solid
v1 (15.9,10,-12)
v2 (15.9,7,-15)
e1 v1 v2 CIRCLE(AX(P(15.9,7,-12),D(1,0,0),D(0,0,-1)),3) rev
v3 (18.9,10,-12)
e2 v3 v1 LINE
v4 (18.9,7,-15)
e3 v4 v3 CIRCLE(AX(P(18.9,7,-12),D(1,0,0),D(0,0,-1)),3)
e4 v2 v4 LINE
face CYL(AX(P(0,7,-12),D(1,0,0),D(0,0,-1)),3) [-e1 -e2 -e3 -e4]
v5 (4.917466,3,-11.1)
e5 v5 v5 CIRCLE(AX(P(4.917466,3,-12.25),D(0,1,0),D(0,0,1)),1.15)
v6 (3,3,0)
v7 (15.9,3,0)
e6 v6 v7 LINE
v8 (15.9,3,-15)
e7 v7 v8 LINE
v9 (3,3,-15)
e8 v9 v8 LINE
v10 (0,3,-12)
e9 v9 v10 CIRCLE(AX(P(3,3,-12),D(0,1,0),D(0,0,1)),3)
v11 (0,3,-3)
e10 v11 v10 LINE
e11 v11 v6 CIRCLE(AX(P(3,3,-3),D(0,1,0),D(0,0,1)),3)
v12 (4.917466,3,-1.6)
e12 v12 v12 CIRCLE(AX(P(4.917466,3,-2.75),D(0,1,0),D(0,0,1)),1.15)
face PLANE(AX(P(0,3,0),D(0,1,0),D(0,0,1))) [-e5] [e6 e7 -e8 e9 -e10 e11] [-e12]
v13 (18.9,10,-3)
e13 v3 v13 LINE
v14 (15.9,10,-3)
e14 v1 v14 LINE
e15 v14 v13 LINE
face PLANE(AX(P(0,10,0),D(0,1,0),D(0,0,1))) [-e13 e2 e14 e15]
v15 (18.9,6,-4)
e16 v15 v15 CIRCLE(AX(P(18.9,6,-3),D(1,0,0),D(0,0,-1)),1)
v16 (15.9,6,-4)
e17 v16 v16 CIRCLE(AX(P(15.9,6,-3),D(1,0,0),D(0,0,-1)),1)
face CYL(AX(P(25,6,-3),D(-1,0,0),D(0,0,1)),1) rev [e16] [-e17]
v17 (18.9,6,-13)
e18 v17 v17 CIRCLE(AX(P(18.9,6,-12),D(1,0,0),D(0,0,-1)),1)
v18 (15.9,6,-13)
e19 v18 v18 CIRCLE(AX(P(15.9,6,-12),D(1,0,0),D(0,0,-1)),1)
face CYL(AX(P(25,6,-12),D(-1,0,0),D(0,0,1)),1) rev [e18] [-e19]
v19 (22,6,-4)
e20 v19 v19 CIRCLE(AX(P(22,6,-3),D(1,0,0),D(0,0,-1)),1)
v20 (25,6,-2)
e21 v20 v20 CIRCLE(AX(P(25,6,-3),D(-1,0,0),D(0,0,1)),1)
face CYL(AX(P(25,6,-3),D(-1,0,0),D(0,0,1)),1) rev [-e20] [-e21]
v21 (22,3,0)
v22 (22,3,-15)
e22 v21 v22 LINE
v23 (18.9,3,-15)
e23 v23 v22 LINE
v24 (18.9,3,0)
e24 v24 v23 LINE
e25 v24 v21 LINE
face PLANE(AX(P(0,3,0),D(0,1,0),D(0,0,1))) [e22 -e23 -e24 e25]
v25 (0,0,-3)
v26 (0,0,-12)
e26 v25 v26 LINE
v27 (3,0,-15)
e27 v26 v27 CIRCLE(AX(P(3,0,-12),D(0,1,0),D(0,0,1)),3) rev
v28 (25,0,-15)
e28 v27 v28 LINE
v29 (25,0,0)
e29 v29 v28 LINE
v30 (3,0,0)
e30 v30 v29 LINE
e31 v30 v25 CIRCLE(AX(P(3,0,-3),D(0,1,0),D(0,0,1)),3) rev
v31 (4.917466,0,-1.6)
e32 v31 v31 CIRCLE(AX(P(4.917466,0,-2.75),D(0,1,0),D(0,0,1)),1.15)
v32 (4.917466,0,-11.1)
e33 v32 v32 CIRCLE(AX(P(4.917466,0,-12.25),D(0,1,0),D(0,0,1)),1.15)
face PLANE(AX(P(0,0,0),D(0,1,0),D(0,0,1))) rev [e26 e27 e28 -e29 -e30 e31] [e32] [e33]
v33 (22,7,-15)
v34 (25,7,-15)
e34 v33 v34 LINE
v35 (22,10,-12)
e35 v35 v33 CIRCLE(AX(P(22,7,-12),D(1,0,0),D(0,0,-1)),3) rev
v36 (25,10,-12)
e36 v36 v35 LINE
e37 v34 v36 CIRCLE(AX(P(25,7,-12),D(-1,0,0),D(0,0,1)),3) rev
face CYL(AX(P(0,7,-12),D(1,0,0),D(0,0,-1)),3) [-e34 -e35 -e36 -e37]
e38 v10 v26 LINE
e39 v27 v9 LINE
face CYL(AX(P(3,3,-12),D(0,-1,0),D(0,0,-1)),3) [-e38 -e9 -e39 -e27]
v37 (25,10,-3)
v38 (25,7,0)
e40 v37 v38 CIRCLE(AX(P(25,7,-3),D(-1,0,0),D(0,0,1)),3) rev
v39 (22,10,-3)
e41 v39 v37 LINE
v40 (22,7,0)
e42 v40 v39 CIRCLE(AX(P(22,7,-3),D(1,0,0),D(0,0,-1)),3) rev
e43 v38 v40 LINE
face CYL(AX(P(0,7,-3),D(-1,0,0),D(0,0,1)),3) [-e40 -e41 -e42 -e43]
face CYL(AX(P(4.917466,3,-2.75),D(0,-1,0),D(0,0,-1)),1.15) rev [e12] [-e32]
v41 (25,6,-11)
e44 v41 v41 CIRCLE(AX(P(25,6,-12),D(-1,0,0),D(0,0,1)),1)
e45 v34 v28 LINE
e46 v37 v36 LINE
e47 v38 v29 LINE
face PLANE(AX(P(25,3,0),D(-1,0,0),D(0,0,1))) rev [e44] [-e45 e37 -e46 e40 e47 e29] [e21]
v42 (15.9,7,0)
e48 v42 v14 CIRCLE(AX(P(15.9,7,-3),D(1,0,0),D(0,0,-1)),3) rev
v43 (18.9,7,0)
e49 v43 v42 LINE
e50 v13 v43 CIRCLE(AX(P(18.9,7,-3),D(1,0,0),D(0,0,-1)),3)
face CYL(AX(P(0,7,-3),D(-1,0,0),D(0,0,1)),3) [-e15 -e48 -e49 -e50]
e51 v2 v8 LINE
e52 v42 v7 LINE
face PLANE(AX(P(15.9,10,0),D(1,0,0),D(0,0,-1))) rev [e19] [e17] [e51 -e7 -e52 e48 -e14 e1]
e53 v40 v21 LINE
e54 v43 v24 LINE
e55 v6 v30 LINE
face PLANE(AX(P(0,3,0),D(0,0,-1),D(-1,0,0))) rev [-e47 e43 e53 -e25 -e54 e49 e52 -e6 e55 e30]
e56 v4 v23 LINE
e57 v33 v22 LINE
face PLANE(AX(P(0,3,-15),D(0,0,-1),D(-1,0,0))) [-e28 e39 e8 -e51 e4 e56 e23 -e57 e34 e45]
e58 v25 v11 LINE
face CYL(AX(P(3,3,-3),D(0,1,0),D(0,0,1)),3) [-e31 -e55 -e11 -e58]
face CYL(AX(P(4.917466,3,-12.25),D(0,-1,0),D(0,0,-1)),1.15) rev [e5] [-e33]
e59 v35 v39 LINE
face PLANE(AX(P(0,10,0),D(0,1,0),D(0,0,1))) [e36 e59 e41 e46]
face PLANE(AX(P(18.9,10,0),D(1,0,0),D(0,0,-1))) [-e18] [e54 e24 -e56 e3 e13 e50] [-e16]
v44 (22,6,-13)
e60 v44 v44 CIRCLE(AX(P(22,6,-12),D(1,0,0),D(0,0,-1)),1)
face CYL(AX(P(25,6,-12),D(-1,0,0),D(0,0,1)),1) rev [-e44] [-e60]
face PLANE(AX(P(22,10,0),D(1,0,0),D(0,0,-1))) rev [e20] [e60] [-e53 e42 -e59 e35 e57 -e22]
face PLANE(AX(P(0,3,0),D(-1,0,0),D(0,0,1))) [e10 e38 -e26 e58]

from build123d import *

# Parameters (mm, degrees)
SKETCH1_W               = 25
SKETCH1_H               = 15
SKETCH1_R               = 1.15
BOSS_EXTRUDE1_DEPTH     = 3
FILLET1_R               = 3
SKETCH1_3_W             = 3
SKETCH1_3_H             = 15
BOSS_EXTRUDE2_DEPTH     = 10
CUT_EXTRUDE1_DEPTH      = 25.037678756
CUT_EXTRUDE1_DEPTH_BACK = 25.037678756
SKETCH2_R               = 1
FILLET2_R               = 3


with BuildPart() as part:
    # Sketch1 → Boss-Extrude1 (new body)
    with BuildSketch(Plane(origin=(0, 0, 0), x_dir=(1, 0, 0), z_dir=(0, 1, 0))):
        with Locations((12.5, 7.5)):
            Rectangle(SKETCH1_W, SKETCH1_H)
        with Locations((4.917465758, 2.75)):
            Circle(SKETCH1_R, mode=Mode.SUBTRACT)
        with Locations((4.917465758, 12.25)):
            Circle(SKETCH1_R, mode=Mode.SUBTRACT)
    extrude(amount=BOSS_EXTRUDE1_DEPTH)

    # Fillet1
    fillet1_edges = [part.edges().sort_by_distance(p)[0] for p in [
        (0, 1.5, -15),
        (25, 1.5, -15),
        (25, 1.5, 0),
        (0, 1.5, 0),
    ]]
    fillet(fillet1_edges, radius=FILLET1_R)

    # Sketch1<3> → Boss-Extrude2 (add)
    with BuildSketch(Plane(origin=(0, 0, 0), x_dir=(1, 0, 0), z_dir=(0, 1, 0))):
        with Locations((17.4, 7.5)):
            Rectangle(SKETCH1_3_W, SKETCH1_3_H)
        with Locations((23.5, 7.5)):
            Rectangle(SKETCH1_3_W, SKETCH1_3_H)
    extrude(amount=BOSS_EXTRUDE2_DEPTH)

    # Sketch2 → Cut-Extrude1 (cut, two sides: drawn at the far end of the back side and taken through both)
    with BuildSketch(Plane.ZY.offset(-15.9).offset(-CUT_EXTRUDE1_DEPTH_BACK)):
        with Locations((-12, 6)):
            Circle(SKETCH2_R)
        with Locations((-3, 6)):
            Circle(SKETCH2_R)
    extrude(amount=CUT_EXTRUDE1_DEPTH + CUT_EXTRUDE1_DEPTH_BACK, mode=Mode.SUBTRACT)

    # Fillet2
    fillet2_edges = [part.edges().sort_by_distance(p)[0] for p in [
        (23.5, 10, 0),
        (17.4, 10, 0),
        (23.5, 10, -15),
        (17.4, 10, -15),
    ]]
    fillet(fillet2_edges, radius=FILLET2_R)


solid = part.part
